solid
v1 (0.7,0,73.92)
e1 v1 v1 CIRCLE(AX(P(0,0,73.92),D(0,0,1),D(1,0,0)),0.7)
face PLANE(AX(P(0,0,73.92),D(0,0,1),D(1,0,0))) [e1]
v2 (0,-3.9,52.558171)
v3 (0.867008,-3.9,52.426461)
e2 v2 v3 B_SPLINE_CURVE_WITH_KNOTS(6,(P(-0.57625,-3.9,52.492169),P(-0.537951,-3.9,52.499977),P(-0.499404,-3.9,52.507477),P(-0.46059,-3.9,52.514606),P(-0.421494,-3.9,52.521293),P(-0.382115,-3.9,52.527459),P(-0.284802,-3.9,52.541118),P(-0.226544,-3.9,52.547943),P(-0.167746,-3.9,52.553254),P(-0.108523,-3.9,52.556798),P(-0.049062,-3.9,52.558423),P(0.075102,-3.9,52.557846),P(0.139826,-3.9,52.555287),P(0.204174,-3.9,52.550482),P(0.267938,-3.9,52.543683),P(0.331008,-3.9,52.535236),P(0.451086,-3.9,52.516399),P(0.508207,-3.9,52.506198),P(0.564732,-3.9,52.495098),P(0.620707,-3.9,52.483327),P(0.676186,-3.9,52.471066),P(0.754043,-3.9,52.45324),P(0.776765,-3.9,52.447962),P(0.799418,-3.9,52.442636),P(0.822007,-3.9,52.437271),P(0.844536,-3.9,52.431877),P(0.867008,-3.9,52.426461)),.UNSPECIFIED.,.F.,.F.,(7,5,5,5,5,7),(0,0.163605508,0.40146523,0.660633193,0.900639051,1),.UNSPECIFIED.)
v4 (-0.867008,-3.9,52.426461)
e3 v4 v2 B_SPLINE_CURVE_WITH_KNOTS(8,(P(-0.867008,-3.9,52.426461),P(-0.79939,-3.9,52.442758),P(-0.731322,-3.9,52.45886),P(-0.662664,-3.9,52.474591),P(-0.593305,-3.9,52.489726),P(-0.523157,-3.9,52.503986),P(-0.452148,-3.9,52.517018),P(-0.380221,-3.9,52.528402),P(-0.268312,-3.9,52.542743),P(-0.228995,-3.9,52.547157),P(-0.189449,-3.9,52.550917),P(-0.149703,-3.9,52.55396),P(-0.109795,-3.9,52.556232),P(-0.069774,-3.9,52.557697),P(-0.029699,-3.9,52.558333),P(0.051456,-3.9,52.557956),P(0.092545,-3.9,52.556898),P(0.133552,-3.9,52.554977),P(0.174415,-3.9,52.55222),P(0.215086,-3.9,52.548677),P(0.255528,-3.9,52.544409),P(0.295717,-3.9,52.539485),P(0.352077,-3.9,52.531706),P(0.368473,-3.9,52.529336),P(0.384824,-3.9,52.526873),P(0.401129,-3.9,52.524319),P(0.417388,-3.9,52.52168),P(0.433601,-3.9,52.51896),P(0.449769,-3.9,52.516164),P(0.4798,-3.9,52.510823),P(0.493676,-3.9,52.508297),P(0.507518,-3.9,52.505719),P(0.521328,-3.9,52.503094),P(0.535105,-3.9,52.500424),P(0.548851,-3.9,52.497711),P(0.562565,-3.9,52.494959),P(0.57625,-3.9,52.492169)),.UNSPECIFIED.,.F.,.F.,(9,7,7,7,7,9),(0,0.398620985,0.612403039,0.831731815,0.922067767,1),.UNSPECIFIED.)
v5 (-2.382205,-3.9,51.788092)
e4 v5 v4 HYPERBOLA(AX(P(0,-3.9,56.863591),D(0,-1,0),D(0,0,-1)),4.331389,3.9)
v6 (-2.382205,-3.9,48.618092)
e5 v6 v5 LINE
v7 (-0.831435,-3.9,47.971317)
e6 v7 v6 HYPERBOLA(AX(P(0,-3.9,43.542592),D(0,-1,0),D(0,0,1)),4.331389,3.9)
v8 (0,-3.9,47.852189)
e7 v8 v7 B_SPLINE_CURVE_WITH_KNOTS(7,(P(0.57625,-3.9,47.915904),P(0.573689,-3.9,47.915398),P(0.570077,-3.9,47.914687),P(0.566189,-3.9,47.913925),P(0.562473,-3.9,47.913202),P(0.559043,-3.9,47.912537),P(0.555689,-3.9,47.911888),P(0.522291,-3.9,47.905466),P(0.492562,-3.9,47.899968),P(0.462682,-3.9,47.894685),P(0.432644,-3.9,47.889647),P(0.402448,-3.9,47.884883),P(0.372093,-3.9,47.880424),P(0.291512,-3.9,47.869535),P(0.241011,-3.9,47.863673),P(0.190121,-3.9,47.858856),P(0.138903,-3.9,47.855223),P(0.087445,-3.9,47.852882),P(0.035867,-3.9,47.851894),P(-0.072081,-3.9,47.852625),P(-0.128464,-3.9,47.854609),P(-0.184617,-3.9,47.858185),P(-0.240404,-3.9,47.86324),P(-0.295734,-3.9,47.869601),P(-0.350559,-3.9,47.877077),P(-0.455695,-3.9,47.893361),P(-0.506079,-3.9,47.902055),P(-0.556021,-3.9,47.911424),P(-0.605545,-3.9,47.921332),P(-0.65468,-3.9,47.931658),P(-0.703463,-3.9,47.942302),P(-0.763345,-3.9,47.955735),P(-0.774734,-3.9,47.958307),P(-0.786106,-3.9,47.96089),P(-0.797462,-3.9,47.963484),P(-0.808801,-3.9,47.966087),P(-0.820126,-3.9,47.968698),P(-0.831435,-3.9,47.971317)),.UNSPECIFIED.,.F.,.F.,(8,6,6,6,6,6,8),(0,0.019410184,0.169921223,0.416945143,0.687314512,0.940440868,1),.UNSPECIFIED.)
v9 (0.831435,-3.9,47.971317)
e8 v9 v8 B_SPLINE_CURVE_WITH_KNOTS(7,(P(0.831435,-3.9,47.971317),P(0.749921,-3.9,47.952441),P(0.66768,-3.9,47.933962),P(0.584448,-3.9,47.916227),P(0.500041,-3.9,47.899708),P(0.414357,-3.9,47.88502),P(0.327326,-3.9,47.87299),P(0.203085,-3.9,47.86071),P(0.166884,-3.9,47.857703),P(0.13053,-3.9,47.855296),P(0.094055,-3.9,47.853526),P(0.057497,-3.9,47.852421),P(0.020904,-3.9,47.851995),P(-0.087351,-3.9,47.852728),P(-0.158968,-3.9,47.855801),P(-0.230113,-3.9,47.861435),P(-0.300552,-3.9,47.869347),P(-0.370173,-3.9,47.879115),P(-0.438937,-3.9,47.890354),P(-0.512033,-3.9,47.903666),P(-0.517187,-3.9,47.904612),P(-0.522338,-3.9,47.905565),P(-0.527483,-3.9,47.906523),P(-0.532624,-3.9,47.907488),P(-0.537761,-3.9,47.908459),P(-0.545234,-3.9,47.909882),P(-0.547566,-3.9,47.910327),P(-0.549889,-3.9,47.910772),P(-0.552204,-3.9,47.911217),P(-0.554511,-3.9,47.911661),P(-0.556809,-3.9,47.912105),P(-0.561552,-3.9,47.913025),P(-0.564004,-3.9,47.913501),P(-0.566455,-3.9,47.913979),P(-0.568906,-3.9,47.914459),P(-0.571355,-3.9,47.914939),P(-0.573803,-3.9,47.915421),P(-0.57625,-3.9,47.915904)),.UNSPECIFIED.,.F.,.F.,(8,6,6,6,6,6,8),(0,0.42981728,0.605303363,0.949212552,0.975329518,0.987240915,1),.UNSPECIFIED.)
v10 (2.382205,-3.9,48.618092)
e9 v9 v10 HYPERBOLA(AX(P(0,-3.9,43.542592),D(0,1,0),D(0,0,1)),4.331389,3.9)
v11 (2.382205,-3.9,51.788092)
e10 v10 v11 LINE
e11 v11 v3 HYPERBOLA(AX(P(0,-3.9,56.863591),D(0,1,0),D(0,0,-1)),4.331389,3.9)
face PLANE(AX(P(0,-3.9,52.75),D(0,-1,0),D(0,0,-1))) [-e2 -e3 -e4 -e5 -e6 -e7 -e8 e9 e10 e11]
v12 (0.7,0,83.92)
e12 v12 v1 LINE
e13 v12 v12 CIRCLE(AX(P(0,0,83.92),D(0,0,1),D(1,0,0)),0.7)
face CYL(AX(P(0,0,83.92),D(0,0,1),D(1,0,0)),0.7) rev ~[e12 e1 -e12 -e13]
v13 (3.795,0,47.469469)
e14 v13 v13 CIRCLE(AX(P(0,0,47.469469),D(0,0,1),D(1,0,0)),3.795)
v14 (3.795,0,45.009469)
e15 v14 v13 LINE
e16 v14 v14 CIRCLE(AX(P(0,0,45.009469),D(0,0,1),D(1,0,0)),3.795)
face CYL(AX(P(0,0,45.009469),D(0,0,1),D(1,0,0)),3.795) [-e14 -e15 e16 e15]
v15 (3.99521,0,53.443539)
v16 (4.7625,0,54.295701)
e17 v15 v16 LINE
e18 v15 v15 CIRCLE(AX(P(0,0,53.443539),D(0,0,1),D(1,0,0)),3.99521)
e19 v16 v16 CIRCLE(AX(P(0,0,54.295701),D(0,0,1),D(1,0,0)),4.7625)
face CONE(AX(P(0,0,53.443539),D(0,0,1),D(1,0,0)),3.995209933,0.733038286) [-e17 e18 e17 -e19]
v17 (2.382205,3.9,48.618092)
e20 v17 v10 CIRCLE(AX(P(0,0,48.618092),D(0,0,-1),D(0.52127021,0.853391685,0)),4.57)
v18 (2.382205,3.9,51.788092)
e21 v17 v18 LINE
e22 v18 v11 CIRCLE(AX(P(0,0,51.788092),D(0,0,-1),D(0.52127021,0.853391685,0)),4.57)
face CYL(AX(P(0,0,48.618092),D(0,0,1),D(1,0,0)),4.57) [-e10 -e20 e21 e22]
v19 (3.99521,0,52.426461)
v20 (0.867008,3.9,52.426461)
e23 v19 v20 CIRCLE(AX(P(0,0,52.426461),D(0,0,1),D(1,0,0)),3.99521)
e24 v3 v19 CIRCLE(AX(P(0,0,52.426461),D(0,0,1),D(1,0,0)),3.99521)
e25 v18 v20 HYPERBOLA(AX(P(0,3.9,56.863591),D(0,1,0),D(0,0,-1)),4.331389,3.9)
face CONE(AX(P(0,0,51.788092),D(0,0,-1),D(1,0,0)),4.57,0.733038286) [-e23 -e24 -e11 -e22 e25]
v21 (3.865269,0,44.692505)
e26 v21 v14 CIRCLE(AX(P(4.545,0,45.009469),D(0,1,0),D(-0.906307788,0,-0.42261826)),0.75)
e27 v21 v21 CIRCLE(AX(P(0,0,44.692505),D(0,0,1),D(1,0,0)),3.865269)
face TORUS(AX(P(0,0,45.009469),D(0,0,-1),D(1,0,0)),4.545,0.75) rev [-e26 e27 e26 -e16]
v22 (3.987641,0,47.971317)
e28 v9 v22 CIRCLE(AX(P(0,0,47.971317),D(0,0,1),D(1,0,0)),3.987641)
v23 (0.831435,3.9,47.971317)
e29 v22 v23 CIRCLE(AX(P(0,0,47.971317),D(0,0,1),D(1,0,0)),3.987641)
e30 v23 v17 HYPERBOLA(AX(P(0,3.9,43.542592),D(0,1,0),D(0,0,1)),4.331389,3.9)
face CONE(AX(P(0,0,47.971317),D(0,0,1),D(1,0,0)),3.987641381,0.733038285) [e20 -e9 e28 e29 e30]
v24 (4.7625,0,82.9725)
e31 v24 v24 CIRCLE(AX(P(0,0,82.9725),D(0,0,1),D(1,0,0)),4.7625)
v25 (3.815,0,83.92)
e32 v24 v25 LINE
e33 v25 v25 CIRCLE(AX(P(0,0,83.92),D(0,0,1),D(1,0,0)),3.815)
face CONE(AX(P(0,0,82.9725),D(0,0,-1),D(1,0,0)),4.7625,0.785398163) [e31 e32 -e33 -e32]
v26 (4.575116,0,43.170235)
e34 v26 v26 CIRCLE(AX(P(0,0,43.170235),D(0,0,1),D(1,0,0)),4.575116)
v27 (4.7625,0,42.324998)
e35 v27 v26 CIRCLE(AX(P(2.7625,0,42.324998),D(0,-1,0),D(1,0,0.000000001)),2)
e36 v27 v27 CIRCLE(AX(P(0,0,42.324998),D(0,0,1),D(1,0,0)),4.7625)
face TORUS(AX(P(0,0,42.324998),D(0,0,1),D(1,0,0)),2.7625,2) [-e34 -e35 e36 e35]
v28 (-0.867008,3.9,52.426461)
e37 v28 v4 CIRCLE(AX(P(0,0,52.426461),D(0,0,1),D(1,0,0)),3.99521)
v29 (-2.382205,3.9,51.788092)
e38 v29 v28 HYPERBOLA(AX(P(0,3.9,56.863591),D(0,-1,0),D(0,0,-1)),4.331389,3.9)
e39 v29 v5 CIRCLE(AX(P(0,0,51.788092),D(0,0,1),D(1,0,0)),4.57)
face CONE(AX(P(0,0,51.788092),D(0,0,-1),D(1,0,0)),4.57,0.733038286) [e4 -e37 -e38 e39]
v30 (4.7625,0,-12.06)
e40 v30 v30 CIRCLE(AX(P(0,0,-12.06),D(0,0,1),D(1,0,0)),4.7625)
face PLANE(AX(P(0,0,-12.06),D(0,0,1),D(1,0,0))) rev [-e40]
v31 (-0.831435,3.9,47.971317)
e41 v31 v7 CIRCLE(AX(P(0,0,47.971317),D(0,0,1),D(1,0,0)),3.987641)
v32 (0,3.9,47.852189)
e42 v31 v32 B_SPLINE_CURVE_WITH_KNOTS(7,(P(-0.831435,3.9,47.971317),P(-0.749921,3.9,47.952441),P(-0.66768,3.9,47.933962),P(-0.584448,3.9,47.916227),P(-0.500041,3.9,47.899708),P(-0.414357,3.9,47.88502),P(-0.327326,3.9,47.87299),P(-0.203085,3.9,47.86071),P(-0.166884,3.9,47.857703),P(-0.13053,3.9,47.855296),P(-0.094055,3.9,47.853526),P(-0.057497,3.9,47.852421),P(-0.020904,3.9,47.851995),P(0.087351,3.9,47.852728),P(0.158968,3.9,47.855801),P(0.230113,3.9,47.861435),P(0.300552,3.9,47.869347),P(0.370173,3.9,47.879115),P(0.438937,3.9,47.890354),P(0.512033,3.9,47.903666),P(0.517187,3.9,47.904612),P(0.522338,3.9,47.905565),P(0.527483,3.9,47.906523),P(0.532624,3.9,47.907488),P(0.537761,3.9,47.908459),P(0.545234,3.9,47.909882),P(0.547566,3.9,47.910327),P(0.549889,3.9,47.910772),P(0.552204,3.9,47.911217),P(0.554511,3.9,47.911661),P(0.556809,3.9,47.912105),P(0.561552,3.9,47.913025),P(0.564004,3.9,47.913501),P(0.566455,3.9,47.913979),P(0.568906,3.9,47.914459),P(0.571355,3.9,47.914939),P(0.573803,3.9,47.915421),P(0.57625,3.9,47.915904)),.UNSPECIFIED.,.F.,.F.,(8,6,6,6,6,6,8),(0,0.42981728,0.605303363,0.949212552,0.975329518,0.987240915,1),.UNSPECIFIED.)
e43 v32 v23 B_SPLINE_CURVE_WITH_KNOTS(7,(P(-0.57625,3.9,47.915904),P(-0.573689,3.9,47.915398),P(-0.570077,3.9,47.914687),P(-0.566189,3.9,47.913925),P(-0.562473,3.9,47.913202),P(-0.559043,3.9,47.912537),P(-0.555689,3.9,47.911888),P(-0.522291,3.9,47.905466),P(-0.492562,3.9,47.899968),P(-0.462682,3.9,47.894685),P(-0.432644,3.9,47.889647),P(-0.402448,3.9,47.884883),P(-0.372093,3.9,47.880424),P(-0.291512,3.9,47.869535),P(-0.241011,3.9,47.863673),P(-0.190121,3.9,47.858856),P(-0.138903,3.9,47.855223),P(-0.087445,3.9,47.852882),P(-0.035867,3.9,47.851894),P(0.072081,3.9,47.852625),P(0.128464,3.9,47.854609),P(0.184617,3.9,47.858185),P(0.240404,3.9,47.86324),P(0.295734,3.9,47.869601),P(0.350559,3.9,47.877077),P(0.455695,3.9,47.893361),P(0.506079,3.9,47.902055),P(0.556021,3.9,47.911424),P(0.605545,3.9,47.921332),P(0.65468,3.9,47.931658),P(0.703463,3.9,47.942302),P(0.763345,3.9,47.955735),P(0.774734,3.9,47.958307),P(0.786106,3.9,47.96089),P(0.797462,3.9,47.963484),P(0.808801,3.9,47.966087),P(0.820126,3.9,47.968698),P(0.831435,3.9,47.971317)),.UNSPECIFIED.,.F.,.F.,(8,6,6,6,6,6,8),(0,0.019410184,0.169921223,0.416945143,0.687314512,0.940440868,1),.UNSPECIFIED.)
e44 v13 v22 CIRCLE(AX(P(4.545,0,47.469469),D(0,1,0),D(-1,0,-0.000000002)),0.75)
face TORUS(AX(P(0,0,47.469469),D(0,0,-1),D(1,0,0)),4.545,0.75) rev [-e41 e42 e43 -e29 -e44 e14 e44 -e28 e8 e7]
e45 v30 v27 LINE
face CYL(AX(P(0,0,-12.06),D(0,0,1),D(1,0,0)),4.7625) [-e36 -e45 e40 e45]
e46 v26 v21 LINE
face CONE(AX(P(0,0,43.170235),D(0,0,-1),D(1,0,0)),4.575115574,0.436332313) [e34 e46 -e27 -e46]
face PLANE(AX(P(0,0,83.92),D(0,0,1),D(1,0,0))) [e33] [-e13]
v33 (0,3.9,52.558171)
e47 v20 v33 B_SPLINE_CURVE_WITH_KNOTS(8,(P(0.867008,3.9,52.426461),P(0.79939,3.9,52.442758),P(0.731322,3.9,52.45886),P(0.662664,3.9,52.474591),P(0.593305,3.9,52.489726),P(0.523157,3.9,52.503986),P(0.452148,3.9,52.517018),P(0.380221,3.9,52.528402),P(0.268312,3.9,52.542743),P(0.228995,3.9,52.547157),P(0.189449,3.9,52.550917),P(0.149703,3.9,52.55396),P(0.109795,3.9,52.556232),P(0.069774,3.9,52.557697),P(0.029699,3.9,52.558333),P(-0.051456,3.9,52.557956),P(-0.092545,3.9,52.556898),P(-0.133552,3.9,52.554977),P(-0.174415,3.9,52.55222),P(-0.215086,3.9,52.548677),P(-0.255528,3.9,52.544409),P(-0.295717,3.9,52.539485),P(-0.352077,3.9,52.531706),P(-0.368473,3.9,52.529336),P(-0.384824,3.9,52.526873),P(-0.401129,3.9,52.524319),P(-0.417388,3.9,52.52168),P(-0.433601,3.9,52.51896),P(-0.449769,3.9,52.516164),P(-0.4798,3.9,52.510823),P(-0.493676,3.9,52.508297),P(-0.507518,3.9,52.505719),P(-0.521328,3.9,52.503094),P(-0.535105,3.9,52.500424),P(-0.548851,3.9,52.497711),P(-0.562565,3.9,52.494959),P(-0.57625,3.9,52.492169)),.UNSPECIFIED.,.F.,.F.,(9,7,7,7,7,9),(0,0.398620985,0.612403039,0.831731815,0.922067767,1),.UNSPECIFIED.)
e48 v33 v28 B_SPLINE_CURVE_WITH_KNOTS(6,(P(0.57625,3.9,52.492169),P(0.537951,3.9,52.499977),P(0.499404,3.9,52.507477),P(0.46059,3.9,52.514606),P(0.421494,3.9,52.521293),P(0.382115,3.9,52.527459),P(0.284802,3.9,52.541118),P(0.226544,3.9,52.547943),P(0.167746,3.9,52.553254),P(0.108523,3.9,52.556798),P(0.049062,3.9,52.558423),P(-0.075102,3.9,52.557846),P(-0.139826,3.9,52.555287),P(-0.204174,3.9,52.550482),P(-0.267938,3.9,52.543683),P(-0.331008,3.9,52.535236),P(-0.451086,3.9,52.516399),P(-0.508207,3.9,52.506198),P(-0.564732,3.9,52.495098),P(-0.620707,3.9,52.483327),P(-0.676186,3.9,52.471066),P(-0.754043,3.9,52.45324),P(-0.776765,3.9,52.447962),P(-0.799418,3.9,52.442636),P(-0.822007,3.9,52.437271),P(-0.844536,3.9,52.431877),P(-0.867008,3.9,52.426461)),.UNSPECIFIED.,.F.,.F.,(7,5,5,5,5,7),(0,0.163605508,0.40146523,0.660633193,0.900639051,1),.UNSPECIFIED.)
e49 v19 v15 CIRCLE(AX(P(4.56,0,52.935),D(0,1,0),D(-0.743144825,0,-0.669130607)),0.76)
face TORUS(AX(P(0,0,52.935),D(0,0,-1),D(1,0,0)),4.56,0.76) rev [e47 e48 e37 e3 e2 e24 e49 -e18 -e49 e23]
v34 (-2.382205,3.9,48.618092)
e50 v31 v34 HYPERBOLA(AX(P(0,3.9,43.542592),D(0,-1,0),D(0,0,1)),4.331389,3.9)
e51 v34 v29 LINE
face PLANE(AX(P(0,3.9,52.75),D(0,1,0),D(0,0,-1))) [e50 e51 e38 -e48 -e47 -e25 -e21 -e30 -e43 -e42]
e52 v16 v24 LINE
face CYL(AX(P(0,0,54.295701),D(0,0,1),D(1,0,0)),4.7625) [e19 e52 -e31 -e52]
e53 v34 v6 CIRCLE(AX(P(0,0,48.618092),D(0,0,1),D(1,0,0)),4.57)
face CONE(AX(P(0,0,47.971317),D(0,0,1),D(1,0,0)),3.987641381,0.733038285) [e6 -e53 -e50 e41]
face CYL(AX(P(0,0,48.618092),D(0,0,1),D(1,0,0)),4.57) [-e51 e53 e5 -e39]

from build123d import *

# Parameters (mm, degrees)
SKETCH2_W               = 5
SKETCH2_H               = 8
CUT_EXTRUDE3_DEPTH      = 5.7625
CUT_EXTRUDE3_DEPTH_BACK = 5.7625
SKETCH4_R               = 0.7
CUT_EXTRUDE4_DEPTH      = 10


with BuildPart() as part:
    # Sketch1 → Revolve1 (revolve)
    with BuildSketch(Plane(origin=(0, 0, 0), x_dir=(1, 0, 0), z_dir=(0, 1, 0))):
        with BuildLine():
            Line((4.7625, 0), (4.7625, -42.324998204))
            ThreePointArc((4.7625, -42.324998204), (4.715092014, -42.757877432), (4.575115574, -43.170234727))
            Line((4.575115574, -43.170234727), (3.86526916, -44.692505275))
            ThreePointArc((3.86526916, -44.692505275), (3.812777995, -44.847139261), (3.795, -45.009468972))
            Line((3.795, -45.009468972), (3.795, -47.469468972))
            ThreePointArc((3.795, -47.469468972), (3.84481468, -47.738244934), (3.987641381, -47.971316926))
            Line((3.987641381, -47.971316926), (4.57, -48.618091697))
            Line((4.57, -48.618091697), (4.57, -51.788091697))
            Line((4.57, -51.788091697), (3.995209933, -52.426460739))
            ThreePointArc((3.995209933, -52.426460739), (3.8, -52.935), (3.995209933, -53.443539261))
            Line((3.995209933, -53.443539261), (4.7625, -54.295701212))
            Line((4.7625, -54.295701212), (4.7625, -82.9725))
            Line((4.7625, -82.9725), (3.815, -83.92))
            Line((3.815, -83.92), (0, -83.92))
            Line((0, -83.92), (0, 0))
            Line((0, 0), (0, 12.06))
            Line((0, 12.06), (4.7625, 12.06))
            Line((4.7625, 12.06), (4.7625, 0))
        make_face()
    revolve(axis=Axis((0, 0, 0), (0, 0, 1)))

    # Sketch2 → Cut-Extrude3 (cut, two sides)
    with BuildSketch(Plane(origin=(0, 0, 0), x_dir=(0, 0, -1), z_dir=(1, 0, 0))) as cut_extrude3_sk:
        with Locations((-50.25, 7.9)):
            Rectangle(SKETCH2_W, SKETCH2_H)
        with Locations((-50.25, -7.9)):
            Rectangle(SKETCH2_W, SKETCH2_H)
    extrude(amount=CUT_EXTRUDE3_DEPTH, mode=Mode.SUBTRACT)
    extrude(cut_extrude3_sk.sketch, amount=-CUT_EXTRUDE3_DEPTH_BACK, mode=Mode.SUBTRACT)

    # Sketch4 → Cut-Extrude4 (cut)
    with BuildSketch(Plane.XY.offset(83.92)):
        Circle(SKETCH4_R)
    extrude(amount=-CUT_EXTRUDE4_DEPTH, mode=Mode.SUBTRACT)


solid = part.part
